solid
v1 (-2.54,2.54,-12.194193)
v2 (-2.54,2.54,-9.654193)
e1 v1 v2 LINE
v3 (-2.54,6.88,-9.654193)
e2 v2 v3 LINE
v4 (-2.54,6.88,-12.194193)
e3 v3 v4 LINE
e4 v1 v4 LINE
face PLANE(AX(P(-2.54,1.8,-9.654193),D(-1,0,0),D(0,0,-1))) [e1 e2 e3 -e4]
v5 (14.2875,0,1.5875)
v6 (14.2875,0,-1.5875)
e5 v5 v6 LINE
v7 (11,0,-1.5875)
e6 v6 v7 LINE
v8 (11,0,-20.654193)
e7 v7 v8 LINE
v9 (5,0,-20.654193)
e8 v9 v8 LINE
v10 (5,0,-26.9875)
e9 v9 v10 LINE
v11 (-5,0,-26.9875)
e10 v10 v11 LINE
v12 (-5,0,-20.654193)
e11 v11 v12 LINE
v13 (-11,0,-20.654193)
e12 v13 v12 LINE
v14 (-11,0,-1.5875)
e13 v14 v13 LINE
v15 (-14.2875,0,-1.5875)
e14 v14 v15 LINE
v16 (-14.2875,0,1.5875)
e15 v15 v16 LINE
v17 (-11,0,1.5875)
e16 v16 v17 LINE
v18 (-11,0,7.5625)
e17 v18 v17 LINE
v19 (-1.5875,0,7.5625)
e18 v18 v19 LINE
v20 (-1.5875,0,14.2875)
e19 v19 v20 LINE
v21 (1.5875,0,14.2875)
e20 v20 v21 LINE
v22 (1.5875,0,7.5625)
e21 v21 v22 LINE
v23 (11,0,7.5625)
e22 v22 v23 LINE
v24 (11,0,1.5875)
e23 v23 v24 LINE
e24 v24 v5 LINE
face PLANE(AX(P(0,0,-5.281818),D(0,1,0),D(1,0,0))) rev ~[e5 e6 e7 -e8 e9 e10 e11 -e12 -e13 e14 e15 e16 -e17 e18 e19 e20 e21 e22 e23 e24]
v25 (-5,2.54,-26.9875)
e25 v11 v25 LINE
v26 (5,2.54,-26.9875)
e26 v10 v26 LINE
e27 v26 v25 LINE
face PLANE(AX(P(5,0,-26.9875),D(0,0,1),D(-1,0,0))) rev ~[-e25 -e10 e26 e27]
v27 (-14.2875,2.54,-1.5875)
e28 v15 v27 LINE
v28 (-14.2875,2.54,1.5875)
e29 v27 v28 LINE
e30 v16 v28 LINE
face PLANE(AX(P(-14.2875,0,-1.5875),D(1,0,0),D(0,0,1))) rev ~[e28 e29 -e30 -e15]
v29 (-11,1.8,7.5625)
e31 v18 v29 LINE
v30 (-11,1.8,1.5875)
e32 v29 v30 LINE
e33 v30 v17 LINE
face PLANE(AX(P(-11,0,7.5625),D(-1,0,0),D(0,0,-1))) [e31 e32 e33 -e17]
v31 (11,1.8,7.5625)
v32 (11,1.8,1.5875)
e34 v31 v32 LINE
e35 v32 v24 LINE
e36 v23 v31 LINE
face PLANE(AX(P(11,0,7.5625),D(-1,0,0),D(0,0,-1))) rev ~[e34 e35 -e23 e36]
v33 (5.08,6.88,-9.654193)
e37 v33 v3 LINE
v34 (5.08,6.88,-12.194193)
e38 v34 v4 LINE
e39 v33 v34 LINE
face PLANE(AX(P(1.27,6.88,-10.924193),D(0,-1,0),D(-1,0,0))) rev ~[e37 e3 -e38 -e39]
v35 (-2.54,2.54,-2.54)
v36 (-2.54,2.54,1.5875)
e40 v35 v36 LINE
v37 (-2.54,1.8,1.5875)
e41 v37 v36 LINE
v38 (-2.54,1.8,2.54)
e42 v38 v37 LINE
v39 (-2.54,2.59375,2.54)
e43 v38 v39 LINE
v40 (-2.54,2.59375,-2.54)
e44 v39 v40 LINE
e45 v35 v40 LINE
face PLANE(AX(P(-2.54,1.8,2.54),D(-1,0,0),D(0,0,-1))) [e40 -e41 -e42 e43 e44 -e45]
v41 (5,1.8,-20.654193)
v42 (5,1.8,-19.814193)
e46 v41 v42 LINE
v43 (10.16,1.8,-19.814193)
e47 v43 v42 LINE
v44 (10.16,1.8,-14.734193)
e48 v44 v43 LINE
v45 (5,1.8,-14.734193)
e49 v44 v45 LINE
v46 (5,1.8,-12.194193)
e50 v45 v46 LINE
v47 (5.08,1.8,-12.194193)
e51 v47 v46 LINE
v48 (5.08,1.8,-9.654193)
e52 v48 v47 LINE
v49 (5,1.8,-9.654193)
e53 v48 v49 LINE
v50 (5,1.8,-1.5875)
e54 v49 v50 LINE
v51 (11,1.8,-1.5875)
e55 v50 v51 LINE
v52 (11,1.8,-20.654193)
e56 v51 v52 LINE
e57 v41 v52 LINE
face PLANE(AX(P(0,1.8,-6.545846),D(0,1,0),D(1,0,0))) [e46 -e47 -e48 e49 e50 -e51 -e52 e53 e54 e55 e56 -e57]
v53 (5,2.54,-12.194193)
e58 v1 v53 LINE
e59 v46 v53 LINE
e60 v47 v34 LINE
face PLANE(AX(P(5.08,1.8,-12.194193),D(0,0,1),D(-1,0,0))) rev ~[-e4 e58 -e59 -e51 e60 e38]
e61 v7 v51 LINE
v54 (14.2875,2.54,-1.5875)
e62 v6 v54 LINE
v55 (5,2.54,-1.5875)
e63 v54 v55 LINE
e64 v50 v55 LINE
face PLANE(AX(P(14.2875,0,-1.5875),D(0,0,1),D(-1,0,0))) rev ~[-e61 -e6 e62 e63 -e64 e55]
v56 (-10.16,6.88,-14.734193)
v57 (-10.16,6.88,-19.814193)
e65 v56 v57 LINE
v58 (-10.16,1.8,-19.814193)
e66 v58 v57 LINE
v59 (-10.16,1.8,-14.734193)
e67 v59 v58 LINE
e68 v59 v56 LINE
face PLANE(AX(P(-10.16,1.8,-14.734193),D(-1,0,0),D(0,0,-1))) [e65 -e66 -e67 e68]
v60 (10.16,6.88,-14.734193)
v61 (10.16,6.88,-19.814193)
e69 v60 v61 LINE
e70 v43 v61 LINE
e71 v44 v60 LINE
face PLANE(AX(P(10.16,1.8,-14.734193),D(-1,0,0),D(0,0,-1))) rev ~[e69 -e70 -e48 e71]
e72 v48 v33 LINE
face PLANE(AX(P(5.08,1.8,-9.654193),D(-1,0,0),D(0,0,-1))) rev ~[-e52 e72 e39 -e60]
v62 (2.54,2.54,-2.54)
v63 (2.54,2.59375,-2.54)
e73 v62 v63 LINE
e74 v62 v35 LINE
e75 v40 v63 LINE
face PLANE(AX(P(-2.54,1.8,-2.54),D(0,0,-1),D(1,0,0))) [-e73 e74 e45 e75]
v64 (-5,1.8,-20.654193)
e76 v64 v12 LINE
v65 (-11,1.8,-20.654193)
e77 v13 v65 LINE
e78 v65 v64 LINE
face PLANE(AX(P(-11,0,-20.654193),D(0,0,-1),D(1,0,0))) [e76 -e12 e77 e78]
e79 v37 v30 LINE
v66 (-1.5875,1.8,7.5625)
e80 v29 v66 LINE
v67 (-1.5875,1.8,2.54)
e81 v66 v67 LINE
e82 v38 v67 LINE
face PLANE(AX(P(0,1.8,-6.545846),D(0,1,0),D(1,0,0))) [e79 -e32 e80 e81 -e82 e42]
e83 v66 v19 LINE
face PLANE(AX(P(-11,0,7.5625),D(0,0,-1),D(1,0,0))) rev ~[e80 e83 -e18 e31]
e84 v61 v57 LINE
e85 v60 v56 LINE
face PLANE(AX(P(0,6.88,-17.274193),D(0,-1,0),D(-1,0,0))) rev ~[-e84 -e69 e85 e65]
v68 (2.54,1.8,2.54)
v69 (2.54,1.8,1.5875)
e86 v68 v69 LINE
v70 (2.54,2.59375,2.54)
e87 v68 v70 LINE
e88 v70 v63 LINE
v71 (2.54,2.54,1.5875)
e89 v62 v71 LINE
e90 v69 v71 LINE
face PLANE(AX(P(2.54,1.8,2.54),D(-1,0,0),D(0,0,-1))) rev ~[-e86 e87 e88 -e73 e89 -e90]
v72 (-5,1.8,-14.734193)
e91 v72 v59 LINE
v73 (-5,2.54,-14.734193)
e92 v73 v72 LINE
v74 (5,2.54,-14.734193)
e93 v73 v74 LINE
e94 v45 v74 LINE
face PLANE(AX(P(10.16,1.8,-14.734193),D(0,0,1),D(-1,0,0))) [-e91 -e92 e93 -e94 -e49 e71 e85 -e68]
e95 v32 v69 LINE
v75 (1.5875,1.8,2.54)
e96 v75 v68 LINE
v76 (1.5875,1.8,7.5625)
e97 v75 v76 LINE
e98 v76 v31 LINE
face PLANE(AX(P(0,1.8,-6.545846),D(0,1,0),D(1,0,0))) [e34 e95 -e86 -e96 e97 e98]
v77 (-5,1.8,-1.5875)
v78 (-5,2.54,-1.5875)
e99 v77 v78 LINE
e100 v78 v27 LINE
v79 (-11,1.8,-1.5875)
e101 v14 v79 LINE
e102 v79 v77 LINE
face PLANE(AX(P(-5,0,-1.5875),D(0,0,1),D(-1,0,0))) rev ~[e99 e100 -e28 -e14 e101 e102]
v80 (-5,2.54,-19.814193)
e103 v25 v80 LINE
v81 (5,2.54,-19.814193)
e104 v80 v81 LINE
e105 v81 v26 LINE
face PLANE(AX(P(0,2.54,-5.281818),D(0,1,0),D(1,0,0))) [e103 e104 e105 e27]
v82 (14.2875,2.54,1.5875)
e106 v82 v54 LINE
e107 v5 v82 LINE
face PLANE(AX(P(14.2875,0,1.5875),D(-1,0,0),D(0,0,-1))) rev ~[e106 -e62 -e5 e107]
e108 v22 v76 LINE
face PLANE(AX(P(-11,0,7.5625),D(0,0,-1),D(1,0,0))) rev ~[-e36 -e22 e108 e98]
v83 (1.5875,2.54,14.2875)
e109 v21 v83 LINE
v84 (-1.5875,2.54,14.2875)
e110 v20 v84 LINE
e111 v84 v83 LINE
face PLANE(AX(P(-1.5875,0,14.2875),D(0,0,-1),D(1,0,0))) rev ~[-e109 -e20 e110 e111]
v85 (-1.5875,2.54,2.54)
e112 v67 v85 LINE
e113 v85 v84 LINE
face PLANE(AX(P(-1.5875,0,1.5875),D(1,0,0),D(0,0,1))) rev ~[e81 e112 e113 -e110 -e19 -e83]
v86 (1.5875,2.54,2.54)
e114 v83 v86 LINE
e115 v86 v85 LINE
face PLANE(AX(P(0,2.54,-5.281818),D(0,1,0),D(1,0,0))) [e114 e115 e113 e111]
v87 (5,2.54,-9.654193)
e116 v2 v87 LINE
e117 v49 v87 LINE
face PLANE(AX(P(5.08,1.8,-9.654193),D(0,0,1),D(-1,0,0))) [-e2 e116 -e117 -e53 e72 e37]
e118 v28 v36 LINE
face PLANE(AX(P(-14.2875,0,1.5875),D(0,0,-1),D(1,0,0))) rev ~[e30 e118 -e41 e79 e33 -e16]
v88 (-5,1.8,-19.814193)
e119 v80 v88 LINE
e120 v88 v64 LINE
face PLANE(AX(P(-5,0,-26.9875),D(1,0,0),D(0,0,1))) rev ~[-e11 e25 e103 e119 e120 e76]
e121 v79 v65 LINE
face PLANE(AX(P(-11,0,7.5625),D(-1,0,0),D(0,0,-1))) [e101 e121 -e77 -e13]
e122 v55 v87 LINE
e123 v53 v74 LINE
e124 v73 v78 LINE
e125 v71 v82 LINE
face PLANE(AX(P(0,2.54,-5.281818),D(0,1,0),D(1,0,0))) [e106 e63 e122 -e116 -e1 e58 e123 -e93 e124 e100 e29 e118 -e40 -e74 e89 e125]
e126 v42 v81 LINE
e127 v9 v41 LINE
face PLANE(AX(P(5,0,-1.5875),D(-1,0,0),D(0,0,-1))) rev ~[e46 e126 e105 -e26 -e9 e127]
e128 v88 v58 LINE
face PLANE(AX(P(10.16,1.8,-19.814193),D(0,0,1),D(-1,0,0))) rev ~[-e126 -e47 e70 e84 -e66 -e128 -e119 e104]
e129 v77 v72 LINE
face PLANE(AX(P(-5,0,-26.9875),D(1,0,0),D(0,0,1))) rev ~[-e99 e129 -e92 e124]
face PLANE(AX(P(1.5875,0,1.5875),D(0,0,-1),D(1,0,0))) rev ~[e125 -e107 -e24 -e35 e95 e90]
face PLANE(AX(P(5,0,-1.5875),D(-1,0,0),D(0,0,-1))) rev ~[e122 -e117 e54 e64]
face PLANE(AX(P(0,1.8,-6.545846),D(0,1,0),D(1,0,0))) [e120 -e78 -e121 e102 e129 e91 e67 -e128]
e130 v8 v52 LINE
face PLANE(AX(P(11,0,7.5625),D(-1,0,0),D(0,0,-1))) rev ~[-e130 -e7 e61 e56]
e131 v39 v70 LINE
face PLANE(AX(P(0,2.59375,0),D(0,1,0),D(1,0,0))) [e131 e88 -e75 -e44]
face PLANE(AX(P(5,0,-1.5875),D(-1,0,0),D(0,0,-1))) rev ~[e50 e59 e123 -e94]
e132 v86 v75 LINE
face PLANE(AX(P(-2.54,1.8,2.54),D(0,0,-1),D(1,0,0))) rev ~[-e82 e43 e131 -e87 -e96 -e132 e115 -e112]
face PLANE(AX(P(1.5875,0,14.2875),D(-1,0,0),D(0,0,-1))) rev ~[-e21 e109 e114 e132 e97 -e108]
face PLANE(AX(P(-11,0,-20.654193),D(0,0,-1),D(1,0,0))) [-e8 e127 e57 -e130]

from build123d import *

# Parameters (mm, degrees)
SKETCH1_W           = 22
SKETCH1_H           = 28.216692514
BOSS_EXTRUDE1_DEPTH = 1.8
BOSS_EXTRUDE4_DEPTH = 2.54
SKETCH2_W           = 5.08
SKETCH2_H           = 5.08
BOSS_EXTRUDE2_DEPTH = 0.79375
BOSS_EXTRUDE3_START = -1.8
SKETCH3_W           = 7.62
SKETCH3_H           = 2.54
SKETCH3_W_2         = 20.32
SKETCH3_H_2         = 5.08
BOSS_EXTRUDE3_DEPTH = 5.08


with BuildPart() as part:
    # Sketch1 → Boss-Extrude1 (new body)
    with BuildSketch(Plane(origin=(0, 0, 0), x_dir=(1, 0, 0), z_dir=(0, 1, 0))):
        with Locations((0, 6.545846257)):
            Rectangle(SKETCH1_W, SKETCH1_H)
    extrude(amount=BOSS_EXTRUDE1_DEPTH)

    # Sketch4 → Boss-Extrude4 (add)
    with BuildSketch(Plane(origin=(0, 0, 0), x_dir=(1, 0, 0), z_dir=(0, 1, 0))):
        Polygon((-14.2875, -1.5875), (-1.5875, -1.5875), (-1.5875, -14.2875), (1.5875, -14.2875), (1.5875, -1.5875), (14.2875, -1.5875), (14.2875, 1.5875), (5, 1.5875), (5, 26.9875), (-5, 26.9875), (-5, 1.5875), (-14.2875, 1.5875), align=None)
    extrude(amount=BOSS_EXTRUDE4_DEPTH)

    # Sketch2 → Boss-Extrude2 (add)
    with BuildSketch(Plane(origin=(0, 1.8, 0), x_dir=(1, 0, 0), z_dir=(0, 1, 0))):
        Rectangle(SKETCH2_W, SKETCH2_H)
    extrude(amount=BOSS_EXTRUDE2_DEPTH)

    # Sketch3 → Boss-Extrude3 (add)
    with BuildSketch(Plane(origin=(0, 0, 0), x_dir=(-1, 0, 0), z_dir=(0, -1, 0)).offset(BOSS_EXTRUDE3_START)):
        with Locations((-1.27, 10.924192514)):
            Rectangle(SKETCH3_W, SKETCH3_H)
        with Locations((0, 17.274192514)):
            Rectangle(SKETCH3_W_2, SKETCH3_H_2)
    extrude(amount=-BOSS_EXTRUDE3_DEPTH)


solid = part.part
